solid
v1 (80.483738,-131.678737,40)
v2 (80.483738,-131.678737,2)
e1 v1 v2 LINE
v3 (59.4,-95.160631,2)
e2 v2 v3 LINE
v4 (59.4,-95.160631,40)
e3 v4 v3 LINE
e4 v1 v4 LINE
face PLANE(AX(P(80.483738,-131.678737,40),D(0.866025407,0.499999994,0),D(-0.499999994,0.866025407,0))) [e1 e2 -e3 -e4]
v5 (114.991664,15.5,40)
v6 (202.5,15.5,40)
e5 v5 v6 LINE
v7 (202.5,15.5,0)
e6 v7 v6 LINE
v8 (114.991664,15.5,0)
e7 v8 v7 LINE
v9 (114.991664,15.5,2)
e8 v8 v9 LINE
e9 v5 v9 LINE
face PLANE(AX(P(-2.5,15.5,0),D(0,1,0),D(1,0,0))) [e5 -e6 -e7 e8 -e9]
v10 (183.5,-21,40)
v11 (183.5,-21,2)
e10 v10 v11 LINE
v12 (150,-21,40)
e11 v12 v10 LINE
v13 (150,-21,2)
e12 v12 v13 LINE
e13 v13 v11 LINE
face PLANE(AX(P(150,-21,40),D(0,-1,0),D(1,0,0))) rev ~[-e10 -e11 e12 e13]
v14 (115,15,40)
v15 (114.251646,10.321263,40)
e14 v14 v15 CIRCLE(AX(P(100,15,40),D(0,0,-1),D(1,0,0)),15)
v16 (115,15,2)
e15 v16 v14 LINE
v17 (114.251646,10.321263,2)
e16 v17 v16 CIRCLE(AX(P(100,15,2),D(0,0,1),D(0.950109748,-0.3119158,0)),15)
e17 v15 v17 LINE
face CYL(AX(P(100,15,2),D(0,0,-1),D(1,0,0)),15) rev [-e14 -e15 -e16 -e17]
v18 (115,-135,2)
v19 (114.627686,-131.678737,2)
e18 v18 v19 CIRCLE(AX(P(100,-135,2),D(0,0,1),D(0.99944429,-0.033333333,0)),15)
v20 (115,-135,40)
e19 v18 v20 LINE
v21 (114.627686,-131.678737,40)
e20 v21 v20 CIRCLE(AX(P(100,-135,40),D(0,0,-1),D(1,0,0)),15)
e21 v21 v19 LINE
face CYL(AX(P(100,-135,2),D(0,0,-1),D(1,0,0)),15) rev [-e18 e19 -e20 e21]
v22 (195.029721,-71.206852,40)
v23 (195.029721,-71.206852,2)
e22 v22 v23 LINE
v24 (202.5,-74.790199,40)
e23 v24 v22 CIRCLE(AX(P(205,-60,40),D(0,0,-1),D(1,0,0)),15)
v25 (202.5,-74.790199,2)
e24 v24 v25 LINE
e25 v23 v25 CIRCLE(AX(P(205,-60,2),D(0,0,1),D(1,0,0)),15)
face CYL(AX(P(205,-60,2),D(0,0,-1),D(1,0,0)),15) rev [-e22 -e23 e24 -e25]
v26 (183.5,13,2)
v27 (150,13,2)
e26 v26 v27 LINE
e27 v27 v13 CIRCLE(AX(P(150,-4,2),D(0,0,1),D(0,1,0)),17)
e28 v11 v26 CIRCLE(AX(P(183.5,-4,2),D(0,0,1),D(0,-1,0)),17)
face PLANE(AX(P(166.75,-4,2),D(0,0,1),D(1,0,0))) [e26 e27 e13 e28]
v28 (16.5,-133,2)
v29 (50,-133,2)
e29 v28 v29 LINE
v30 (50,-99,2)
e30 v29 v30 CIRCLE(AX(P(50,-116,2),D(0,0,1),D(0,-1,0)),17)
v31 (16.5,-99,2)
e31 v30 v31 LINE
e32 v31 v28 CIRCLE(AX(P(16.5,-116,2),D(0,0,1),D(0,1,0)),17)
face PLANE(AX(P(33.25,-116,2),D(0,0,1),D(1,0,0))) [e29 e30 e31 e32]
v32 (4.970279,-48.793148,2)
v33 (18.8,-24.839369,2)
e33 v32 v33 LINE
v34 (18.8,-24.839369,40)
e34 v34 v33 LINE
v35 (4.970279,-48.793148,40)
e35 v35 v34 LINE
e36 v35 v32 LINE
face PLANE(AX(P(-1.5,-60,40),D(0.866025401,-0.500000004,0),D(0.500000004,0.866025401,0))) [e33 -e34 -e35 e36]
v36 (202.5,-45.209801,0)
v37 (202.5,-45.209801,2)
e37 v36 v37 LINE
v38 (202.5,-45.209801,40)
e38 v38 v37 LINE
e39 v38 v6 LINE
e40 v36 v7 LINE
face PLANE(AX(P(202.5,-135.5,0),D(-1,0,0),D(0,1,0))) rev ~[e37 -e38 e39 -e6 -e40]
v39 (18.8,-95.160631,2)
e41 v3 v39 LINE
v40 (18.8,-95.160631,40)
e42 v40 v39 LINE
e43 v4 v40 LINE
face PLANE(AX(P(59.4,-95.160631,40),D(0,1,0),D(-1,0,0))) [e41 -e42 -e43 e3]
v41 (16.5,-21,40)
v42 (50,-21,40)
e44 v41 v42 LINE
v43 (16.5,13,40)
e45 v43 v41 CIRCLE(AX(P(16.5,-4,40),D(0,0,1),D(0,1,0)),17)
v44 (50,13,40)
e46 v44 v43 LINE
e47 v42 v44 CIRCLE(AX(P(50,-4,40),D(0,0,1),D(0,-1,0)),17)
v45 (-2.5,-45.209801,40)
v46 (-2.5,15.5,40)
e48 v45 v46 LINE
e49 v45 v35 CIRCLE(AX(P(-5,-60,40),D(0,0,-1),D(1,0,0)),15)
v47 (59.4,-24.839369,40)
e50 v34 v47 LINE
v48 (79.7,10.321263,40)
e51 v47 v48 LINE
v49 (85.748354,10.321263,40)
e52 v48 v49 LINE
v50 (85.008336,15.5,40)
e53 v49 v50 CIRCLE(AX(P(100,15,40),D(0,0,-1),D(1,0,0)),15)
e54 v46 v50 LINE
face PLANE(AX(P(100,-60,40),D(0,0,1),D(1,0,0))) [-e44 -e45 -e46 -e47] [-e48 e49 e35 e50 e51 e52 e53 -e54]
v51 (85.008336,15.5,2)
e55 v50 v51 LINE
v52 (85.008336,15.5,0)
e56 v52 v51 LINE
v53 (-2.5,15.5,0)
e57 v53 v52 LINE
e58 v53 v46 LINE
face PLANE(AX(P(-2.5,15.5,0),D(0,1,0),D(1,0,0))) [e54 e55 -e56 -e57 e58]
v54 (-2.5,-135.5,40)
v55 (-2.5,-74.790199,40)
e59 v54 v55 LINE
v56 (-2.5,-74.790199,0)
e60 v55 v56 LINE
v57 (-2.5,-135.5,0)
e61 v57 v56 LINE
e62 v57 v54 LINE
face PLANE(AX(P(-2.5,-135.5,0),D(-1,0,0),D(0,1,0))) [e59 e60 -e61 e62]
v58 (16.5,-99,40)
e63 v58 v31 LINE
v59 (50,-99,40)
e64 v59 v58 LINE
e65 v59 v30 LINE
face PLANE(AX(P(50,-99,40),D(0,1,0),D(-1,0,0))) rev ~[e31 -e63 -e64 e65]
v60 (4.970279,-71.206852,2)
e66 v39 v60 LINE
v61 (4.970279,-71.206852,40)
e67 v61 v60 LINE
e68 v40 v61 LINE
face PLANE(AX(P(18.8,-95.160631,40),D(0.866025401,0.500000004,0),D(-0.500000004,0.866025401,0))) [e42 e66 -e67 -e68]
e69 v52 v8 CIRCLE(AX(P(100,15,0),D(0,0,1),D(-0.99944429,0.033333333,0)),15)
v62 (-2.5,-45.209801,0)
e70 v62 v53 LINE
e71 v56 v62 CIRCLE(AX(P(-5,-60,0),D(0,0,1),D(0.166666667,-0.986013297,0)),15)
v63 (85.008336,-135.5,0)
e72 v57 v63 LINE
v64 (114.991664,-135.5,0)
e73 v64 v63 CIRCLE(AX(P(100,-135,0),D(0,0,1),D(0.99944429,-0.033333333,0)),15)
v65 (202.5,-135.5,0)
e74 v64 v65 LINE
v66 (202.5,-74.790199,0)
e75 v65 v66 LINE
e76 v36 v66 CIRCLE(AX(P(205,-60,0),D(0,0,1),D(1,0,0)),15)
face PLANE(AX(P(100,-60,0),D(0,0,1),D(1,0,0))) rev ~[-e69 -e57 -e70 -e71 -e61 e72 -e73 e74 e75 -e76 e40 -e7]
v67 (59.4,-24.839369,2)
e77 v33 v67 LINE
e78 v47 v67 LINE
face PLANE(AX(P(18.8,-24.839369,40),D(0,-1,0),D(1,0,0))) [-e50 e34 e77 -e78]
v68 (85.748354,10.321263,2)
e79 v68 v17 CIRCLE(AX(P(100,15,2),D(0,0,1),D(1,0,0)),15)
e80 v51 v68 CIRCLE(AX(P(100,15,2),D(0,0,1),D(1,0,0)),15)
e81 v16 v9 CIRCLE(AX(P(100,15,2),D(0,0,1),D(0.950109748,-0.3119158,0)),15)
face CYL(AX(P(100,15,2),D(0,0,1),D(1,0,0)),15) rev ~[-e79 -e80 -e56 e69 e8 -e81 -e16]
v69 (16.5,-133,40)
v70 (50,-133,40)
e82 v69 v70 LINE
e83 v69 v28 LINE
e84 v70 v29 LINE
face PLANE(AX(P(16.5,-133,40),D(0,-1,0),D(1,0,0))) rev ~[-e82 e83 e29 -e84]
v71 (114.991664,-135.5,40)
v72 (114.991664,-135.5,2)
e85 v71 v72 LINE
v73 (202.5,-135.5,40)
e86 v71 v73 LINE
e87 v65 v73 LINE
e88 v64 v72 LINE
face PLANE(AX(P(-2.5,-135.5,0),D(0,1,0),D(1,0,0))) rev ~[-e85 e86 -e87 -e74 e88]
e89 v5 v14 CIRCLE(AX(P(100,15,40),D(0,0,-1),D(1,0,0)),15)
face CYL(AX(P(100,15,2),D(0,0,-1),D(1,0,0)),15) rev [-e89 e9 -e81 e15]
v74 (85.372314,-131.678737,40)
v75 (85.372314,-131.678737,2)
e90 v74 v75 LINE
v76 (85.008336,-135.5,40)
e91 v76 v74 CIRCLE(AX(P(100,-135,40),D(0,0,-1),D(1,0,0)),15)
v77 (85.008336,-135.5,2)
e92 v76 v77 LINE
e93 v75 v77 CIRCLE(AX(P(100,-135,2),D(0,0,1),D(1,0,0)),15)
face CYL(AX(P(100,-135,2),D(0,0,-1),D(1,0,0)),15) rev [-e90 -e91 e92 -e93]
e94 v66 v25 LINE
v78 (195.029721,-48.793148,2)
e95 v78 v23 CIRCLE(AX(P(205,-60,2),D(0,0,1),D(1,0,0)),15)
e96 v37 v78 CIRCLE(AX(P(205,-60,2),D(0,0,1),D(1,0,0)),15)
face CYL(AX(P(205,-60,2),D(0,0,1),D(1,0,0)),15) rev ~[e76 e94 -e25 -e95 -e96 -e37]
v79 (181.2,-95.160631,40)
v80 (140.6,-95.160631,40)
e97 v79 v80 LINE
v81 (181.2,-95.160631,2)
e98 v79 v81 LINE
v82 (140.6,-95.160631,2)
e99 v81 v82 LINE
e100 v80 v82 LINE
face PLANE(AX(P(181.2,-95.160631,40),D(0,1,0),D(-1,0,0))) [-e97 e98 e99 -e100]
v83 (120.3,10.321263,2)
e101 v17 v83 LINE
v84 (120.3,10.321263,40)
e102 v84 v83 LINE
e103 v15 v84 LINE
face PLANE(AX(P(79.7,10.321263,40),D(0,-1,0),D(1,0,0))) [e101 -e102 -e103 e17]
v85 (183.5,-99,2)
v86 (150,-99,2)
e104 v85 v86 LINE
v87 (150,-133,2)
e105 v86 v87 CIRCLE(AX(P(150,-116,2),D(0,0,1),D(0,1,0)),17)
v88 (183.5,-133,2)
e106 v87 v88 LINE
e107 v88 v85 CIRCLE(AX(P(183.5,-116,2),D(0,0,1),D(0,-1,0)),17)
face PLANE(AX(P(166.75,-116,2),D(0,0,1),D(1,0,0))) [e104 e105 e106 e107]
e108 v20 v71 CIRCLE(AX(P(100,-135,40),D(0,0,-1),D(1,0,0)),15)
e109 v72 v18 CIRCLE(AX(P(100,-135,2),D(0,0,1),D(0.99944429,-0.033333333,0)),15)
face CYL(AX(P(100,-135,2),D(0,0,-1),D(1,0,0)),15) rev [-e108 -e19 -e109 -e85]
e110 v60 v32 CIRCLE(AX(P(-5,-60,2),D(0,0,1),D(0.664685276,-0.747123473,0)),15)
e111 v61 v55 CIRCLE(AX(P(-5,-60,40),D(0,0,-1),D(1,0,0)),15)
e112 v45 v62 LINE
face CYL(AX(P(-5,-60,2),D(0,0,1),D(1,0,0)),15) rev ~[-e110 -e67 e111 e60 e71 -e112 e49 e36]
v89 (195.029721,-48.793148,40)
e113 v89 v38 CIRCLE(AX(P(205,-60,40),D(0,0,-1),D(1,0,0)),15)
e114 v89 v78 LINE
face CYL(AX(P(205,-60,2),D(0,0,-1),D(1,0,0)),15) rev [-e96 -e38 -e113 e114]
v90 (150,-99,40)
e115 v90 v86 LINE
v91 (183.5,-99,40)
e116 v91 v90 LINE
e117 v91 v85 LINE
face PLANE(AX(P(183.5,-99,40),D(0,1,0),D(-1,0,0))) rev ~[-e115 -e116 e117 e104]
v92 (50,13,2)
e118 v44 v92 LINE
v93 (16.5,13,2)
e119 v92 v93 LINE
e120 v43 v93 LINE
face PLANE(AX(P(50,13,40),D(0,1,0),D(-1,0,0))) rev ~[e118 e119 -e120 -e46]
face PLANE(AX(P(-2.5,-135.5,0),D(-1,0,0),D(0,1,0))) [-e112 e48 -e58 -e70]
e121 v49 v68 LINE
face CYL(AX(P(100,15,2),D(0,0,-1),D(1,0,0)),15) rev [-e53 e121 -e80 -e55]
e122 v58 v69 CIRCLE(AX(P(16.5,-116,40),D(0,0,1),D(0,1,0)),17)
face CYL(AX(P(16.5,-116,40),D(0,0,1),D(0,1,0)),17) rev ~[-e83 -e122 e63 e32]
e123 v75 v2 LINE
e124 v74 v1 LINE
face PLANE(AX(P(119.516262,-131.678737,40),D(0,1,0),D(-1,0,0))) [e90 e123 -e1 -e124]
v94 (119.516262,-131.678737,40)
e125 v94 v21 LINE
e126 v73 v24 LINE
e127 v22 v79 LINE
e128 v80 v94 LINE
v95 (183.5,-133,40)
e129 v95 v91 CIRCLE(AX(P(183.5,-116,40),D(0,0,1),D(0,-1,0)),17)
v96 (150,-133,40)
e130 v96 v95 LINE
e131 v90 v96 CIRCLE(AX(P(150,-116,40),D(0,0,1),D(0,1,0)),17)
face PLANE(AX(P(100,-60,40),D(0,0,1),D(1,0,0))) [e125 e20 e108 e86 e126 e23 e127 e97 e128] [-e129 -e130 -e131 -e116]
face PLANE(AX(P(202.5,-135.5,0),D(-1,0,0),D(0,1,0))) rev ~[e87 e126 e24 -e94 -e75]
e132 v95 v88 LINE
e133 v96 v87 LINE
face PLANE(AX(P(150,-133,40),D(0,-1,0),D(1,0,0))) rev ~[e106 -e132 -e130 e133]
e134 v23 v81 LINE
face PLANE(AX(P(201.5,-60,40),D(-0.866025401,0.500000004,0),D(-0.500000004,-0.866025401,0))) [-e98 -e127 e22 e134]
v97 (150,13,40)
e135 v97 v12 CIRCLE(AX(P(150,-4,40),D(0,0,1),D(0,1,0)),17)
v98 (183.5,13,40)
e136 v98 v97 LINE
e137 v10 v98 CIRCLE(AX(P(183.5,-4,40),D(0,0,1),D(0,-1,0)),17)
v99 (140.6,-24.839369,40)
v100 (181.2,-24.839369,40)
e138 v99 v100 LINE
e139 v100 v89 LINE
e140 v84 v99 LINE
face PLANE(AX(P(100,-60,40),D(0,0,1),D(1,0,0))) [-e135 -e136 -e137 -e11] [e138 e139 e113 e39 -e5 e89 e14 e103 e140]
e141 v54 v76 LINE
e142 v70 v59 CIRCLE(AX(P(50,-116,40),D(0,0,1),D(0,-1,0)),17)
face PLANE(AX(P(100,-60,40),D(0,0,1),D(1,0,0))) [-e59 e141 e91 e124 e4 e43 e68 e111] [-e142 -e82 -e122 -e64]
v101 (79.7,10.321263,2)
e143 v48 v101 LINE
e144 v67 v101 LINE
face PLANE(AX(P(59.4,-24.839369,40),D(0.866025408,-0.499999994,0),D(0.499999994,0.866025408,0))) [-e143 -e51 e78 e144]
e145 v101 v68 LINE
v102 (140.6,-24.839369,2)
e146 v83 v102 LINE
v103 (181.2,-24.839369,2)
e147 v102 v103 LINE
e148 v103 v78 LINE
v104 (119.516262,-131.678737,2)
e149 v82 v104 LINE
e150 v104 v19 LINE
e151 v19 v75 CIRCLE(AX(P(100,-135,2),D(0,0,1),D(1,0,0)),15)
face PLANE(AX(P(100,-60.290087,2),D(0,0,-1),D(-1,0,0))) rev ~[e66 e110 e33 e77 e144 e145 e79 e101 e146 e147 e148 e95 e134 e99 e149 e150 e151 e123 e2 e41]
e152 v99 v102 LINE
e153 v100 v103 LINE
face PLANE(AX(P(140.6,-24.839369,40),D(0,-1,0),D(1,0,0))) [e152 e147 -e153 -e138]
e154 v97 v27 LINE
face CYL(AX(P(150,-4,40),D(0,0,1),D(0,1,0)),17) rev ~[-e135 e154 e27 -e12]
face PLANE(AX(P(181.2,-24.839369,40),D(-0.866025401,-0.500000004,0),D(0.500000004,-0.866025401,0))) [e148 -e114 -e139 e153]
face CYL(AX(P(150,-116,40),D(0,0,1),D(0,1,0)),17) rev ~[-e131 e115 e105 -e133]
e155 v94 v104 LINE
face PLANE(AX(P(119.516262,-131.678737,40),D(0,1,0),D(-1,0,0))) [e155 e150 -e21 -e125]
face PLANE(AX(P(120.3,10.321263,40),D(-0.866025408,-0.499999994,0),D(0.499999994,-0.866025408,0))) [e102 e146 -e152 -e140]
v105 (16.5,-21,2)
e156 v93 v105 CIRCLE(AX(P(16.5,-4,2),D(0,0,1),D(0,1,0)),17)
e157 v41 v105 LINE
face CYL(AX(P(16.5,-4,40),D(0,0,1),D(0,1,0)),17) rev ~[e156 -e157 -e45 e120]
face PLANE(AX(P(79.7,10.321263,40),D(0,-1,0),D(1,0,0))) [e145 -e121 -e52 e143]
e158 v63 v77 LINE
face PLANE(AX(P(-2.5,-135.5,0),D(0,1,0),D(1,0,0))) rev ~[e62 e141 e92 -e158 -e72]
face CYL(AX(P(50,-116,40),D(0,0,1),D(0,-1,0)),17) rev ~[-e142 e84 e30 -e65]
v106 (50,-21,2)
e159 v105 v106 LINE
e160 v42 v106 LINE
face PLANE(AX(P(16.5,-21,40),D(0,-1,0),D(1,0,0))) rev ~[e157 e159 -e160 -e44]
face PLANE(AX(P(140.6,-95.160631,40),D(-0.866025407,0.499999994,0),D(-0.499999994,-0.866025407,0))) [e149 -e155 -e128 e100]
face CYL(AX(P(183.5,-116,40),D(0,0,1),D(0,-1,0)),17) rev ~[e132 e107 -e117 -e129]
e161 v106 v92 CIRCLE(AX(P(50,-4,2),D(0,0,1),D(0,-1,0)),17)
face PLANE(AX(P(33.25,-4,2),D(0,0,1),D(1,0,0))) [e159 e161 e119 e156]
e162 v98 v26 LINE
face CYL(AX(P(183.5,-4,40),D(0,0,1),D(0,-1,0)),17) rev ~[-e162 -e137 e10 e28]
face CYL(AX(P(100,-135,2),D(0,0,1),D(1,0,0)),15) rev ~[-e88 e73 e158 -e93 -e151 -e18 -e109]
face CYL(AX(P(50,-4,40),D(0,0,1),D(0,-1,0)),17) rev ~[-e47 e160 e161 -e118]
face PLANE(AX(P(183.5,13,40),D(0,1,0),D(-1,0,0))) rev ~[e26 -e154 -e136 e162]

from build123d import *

# Parameters (mm, degrees)
SKETCH003_W          = 205
SKETCH003_H          = 151
PAD001_DEPTH         = 40
POCKET002_DEPTH      = 38
SKETCH005_R          = 15
POCKET003_DEPTH      = 2.001
POCKET003_DEPTH_BACK = 38.001
POCKET004_DEPTH      = 38


with BuildPart() as part:
    # Sketch003 → Pad001 (new body)
    with BuildSketch(Plane.XY):
        Rectangle(SKETCH003_W, SKETCH003_H)
    extrude(amount=PAD001_DEPTH)

    # Sketch004 (on Face6 of Pad001) → Pocket002 (cut)
    with BuildSketch(Plane.XY.offset(40)):
        Polygon((-101.5, 0), (-81.2, 35.160631), (-40.6, 35.160631), (-20.3, 70.321263), (20.3, 70.321263), (40.6, 35.160631), (81.2, 35.160631), (101.5, 0), (81.2, -35.160631), (40.6, -35.160631), (19.516262, -71.678737), (-19.516262, -71.678737), (-40.6, -35.160631), (-81.2, -35.160631), align=None)
    extrude(amount=-POCKET002_DEPTH, mode=Mode.SUBTRACT)

    # Sketch005 → Pocket003 (cut, two sides)
    with BuildSketch(Plane.XY.offset(2)) as pocket003_sk:
        with Locations((105, 0)):
            Circle(SKETCH005_R)
        with Locations((0, 75)):
            Circle(SKETCH005_R)
        with Locations((0, -75)):
            Circle(SKETCH005_R)
        with Locations((-105, 0)):
            Circle(SKETCH005_R)
    extrude(amount=-POCKET003_DEPTH, mode=Mode.SUBTRACT)
    extrude(pocket003_sk.sketch, amount=POCKET003_DEPTH_BACK, mode=Mode.SUBTRACT)

    # Sketch006 (on Face6 of Pad001) → Pocket004 (cut)
    with BuildSketch(Plane.XY.offset(40)):
        with BuildLine():
            ThreePointArc((-83.5, -39), (-100.5, -56), (-83.5, -73))
            Line((-83.5, -73), (-50, -73))
            ThreePointArc((-50, -73), (-33, -56), (-50, -39))
            Line((-50, -39), (-83.5, -39))
        make_face()
        with BuildLine():
            ThreePointArc((50, -39), (33, -56), (50, -73))
            Line((50, -73), (83.5, -73))
            ThreePointArc((83.5, -73), (100.5, -56), (83.5, -39))
            Line((83.5, -39), (50, -39))
        make_face()
        with BuildLine():
            ThreePointArc((50, 73), (33, 56), (50, 39))
            Line((50, 39), (83.5, 39))
            ThreePointArc((83.5, 39), (100.5, 56), (83.5, 73))
            Line((83.5, 73), (50, 73))
        make_face()
        with BuildLine():
            ThreePointArc((-83.5, 73), (-100.5, 56), (-83.5, 39))
            Line((-83.5, 39), (-50, 39))
            ThreePointArc((-50, 39), (-33, 56), (-50, 73))
            Line((-50, 73), (-83.5, 73))
        make_face()
    extrude(amount=-POCKET004_DEPTH, mode=Mode.SUBTRACT)


with BuildPart() as part_1:
    # Body001 placement: moved
    add(part.part.moved(Location((100, -60, 0))))


solid = part_1.part
